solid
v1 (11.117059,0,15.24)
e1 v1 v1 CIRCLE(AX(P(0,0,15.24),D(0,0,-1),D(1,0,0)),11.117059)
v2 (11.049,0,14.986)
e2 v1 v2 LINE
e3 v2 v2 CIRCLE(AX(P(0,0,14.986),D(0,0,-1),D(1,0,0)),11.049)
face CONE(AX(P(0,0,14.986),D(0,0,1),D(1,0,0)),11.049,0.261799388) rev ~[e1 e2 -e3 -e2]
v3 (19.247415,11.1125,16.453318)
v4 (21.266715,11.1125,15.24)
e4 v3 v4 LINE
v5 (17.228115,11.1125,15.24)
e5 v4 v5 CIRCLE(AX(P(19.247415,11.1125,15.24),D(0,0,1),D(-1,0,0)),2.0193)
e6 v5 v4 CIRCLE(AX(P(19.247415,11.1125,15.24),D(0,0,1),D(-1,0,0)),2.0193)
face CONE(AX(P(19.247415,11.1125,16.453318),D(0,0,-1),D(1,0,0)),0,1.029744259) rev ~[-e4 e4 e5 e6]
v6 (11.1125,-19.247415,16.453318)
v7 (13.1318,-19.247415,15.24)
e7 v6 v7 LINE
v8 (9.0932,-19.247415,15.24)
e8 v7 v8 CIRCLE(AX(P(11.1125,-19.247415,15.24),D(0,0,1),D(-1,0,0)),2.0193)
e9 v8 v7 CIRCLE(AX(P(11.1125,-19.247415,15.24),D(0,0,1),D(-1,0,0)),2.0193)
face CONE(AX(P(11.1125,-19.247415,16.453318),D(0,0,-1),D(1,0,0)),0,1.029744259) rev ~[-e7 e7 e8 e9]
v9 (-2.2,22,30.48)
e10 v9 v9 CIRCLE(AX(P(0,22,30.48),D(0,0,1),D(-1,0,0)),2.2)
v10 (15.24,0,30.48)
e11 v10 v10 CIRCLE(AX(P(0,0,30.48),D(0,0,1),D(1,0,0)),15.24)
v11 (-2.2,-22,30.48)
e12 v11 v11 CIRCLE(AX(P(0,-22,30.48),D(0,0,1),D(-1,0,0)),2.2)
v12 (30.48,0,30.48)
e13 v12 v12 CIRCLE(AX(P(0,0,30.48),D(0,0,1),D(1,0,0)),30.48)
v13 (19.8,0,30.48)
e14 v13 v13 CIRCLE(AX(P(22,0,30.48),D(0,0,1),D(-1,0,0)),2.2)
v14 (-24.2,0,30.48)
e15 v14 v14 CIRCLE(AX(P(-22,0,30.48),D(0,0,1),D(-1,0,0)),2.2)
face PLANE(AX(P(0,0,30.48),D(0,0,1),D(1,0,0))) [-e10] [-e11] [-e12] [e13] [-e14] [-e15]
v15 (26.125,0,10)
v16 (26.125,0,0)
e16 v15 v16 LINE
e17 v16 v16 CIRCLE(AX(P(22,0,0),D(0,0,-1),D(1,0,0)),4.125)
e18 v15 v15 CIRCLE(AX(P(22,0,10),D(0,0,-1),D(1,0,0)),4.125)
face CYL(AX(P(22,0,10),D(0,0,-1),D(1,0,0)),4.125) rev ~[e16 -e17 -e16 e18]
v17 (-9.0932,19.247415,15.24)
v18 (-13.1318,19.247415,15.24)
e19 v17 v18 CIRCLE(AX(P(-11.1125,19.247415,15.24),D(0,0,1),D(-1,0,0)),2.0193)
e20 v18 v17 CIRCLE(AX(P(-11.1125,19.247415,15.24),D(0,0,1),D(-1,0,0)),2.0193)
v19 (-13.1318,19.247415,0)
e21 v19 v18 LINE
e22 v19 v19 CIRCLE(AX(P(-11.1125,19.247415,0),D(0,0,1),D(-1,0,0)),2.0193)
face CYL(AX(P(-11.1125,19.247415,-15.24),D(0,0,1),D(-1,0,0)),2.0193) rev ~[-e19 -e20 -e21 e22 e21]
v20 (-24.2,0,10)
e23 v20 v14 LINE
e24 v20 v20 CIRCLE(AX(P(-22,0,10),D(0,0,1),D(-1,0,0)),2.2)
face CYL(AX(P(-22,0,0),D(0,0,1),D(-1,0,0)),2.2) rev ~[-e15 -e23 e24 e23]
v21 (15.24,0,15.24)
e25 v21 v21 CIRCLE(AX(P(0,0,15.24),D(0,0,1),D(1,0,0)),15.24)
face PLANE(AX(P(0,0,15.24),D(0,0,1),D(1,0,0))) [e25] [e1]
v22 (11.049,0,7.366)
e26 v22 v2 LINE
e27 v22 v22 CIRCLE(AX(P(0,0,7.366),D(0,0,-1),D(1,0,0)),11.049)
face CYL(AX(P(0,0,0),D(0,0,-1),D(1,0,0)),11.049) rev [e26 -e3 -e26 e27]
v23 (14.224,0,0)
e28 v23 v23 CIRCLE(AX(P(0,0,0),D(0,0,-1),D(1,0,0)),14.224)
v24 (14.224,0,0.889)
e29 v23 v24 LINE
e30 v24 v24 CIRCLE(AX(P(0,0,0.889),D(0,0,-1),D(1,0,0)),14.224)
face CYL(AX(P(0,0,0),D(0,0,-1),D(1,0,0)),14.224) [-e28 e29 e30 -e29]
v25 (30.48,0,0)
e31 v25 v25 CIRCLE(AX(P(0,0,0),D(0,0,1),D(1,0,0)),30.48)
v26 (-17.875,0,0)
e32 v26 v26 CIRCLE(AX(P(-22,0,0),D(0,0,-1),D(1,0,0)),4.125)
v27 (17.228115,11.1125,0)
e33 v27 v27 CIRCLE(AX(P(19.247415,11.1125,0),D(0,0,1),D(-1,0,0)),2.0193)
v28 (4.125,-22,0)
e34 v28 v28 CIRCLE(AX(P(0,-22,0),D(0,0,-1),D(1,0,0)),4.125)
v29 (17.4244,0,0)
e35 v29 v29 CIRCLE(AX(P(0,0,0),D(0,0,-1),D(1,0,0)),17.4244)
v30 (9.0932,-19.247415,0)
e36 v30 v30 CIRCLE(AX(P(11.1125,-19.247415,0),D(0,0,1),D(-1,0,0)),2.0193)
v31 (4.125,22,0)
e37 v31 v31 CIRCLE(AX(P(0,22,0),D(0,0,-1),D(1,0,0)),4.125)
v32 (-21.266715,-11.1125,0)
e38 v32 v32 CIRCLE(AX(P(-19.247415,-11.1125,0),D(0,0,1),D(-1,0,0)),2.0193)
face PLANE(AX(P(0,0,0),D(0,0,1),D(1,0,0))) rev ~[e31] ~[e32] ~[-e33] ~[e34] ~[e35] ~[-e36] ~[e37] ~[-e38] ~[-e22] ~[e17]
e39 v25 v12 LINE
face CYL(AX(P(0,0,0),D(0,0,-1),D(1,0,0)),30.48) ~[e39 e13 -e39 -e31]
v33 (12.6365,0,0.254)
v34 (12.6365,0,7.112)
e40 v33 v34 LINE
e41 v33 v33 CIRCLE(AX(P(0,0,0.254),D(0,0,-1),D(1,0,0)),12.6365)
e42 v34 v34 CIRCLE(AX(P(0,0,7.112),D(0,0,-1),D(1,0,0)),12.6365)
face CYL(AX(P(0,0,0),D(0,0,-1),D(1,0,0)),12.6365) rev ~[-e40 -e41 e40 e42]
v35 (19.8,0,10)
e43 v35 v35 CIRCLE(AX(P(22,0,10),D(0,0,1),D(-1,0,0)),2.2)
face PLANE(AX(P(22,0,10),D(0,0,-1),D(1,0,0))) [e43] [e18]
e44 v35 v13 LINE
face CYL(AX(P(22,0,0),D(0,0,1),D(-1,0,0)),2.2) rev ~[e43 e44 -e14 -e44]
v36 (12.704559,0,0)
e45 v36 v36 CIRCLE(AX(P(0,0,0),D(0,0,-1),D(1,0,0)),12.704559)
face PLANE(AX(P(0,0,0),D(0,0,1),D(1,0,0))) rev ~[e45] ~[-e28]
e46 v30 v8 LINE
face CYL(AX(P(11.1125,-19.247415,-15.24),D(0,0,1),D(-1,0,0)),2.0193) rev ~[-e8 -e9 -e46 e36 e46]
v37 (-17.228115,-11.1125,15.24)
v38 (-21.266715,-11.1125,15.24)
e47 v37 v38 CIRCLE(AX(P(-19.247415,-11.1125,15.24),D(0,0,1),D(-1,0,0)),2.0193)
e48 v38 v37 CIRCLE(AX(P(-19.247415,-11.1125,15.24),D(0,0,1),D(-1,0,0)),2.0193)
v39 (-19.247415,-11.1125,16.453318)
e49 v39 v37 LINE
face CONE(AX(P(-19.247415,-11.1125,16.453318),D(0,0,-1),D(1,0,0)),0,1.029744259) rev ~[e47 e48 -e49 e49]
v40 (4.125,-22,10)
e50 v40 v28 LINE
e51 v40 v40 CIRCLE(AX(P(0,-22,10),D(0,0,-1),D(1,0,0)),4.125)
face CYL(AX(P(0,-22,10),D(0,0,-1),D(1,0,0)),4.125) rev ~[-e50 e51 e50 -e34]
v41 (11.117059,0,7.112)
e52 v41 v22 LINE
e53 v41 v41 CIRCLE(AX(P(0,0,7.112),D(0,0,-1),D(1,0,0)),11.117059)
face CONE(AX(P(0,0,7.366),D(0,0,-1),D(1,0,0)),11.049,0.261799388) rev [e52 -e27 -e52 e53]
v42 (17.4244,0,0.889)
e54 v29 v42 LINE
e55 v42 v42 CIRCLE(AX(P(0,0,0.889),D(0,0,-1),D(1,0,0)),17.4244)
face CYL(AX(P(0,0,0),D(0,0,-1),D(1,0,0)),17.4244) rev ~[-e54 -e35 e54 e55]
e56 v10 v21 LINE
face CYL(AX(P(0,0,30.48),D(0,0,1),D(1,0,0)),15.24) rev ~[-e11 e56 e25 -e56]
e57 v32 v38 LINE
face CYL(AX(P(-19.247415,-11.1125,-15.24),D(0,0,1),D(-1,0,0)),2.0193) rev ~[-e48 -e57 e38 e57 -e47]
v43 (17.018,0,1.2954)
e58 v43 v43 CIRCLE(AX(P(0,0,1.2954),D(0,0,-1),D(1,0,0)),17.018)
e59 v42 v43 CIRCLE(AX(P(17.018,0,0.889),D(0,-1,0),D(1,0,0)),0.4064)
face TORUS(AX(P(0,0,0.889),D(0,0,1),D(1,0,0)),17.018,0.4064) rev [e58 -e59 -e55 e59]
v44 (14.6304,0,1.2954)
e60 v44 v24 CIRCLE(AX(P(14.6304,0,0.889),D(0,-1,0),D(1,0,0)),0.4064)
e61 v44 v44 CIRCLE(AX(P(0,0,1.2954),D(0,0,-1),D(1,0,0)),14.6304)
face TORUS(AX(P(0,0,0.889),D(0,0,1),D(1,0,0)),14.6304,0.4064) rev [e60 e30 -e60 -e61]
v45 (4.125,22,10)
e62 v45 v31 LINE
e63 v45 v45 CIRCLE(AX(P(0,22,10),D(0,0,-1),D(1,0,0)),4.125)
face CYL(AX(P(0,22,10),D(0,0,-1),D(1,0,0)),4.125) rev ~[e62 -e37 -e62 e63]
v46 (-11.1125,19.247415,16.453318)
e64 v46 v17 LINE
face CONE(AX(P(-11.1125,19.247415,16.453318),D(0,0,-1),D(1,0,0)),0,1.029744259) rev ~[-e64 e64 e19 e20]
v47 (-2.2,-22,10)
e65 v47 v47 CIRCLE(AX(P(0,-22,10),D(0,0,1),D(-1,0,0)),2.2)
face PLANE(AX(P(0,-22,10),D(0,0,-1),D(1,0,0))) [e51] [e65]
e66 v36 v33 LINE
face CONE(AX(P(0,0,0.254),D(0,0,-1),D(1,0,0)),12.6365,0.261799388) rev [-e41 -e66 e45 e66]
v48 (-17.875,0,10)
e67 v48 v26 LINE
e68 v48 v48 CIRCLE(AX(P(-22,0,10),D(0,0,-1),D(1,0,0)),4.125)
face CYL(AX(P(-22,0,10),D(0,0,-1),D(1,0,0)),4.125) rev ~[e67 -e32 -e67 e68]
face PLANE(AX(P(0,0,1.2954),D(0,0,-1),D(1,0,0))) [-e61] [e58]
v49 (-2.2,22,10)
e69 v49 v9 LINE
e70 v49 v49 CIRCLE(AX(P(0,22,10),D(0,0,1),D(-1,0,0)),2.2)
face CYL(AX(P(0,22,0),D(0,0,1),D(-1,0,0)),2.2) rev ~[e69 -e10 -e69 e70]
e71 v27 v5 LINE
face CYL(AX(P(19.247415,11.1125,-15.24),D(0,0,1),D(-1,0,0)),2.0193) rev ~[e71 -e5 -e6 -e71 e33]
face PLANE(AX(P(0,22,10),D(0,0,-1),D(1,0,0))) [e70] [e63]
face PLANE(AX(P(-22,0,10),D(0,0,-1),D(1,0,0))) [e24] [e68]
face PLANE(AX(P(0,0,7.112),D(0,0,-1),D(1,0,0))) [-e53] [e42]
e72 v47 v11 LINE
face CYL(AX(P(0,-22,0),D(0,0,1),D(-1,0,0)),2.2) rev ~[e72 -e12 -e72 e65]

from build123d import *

# Parameters (mm, degrees)
F0_R           = 30.48
F0_R_2         = 11.049
F1_DEPTH       = 30.48
F2_R           = 15.24
F3_DEPTH       = 15.24
F4_R           = 12.6365
F4_R_2         = 11.049
F5_DEPTH       = 7.112
F6_SIZE2       = 0.254
F6_SIZE        = 0.0680590949
F8_D           = 4.4
F8_CBORE_D     = 8.25
F8_CBORE_DEPTH = 10
F10_D          = 4.0386
F10_DEPTH      = 15.24
F10_TIP        = 1.213317848
F11_R          = 17.4244
F11_R_2        = 14.224
F12_DEPTH      = 1.2954
F13_R          = 0.4064


with BuildPart() as f1:
    # F0 (on Top) → F1 (new body)
    with BuildSketch(Plane.XY):
        Circle(F0_R)
        Circle(F0_R_2, mode=Mode.SUBTRACT)
    extrude(amount=F1_DEPTH)

    # F2 (on face) → F3 (cut)
    with BuildSketch(Plane.XY.offset(30.48)):
        Circle(F2_R)
    extrude(amount=-F3_DEPTH, mode=Mode.SUBTRACT)

    # F4 (on face) → F5 (cut)
    with BuildSketch(Plane(origin=(0, 0, 0), x_dir=(1, 0, 0), z_dir=(0, 0, -1))):
        Circle(F4_R)
        Circle(F4_R_2, mode=Mode.SUBTRACT)
    extrude(amount=-F5_DEPTH, mode=Mode.SUBTRACT)

    # F6
    f6_edges = [f1.edges().sort_by_distance(p)[0] for p in [
        (-11.049, 0, 15.24),
        (-12.6365, 0, 0),
        (-11.049, 0, 7.112),
    ]]
    chamfer(f6_edges, length=F6_SIZE, length2=F6_SIZE2)

    # F8 (through all)
    with Locations(Plane(origin=(0, 0, 0), x_dir=(1, 0, 0), z_dir=(0, 0, -1))):
        with Locations((0, -22), (-22, 0), (0, 22), (22, 0)):
            CounterBoreHole(F8_D / 2, F8_CBORE_D / 2, F8_CBORE_DEPTH)

    # F10
    with Locations(Plane(origin=(0, 0, 0), x_dir=(1, 0, 0), z_dir=(0, 0, -1))):
        with Locations((-19.2474145991, 11.1125), (11.1125, 19.2474145991), (19.2474145991, -11.1125), (-11.1125, -19.2474145991)):
            Hole(F10_D / 2, depth=F10_DEPTH)
            with Locations((0, 0, -(F10_DEPTH + F10_TIP / 2))):  # 118° drill point
                Cone(0, F10_D / 2, F10_TIP, mode=Mode.SUBTRACT)

    # F11 (on face) → F12 (cut)
    with BuildSketch(Plane(origin=(0, 0, 0), x_dir=(1, 0, 0), z_dir=(0, 0, -1))):
        Circle(F11_R)
        Circle(F11_R_2, mode=Mode.SUBTRACT)
    extrude(amount=-F12_DEPTH, mode=Mode.SUBTRACT)

    # F13
    f13_edges = [f1.edges().sort_by_distance(p)[0] for p in [
        (-14.224, 0, 1.2954),
        (-17.4244, 0, 1.2954),
    ]]
    fillet(f13_edges, radius=F13_R)


solid = f1.part
